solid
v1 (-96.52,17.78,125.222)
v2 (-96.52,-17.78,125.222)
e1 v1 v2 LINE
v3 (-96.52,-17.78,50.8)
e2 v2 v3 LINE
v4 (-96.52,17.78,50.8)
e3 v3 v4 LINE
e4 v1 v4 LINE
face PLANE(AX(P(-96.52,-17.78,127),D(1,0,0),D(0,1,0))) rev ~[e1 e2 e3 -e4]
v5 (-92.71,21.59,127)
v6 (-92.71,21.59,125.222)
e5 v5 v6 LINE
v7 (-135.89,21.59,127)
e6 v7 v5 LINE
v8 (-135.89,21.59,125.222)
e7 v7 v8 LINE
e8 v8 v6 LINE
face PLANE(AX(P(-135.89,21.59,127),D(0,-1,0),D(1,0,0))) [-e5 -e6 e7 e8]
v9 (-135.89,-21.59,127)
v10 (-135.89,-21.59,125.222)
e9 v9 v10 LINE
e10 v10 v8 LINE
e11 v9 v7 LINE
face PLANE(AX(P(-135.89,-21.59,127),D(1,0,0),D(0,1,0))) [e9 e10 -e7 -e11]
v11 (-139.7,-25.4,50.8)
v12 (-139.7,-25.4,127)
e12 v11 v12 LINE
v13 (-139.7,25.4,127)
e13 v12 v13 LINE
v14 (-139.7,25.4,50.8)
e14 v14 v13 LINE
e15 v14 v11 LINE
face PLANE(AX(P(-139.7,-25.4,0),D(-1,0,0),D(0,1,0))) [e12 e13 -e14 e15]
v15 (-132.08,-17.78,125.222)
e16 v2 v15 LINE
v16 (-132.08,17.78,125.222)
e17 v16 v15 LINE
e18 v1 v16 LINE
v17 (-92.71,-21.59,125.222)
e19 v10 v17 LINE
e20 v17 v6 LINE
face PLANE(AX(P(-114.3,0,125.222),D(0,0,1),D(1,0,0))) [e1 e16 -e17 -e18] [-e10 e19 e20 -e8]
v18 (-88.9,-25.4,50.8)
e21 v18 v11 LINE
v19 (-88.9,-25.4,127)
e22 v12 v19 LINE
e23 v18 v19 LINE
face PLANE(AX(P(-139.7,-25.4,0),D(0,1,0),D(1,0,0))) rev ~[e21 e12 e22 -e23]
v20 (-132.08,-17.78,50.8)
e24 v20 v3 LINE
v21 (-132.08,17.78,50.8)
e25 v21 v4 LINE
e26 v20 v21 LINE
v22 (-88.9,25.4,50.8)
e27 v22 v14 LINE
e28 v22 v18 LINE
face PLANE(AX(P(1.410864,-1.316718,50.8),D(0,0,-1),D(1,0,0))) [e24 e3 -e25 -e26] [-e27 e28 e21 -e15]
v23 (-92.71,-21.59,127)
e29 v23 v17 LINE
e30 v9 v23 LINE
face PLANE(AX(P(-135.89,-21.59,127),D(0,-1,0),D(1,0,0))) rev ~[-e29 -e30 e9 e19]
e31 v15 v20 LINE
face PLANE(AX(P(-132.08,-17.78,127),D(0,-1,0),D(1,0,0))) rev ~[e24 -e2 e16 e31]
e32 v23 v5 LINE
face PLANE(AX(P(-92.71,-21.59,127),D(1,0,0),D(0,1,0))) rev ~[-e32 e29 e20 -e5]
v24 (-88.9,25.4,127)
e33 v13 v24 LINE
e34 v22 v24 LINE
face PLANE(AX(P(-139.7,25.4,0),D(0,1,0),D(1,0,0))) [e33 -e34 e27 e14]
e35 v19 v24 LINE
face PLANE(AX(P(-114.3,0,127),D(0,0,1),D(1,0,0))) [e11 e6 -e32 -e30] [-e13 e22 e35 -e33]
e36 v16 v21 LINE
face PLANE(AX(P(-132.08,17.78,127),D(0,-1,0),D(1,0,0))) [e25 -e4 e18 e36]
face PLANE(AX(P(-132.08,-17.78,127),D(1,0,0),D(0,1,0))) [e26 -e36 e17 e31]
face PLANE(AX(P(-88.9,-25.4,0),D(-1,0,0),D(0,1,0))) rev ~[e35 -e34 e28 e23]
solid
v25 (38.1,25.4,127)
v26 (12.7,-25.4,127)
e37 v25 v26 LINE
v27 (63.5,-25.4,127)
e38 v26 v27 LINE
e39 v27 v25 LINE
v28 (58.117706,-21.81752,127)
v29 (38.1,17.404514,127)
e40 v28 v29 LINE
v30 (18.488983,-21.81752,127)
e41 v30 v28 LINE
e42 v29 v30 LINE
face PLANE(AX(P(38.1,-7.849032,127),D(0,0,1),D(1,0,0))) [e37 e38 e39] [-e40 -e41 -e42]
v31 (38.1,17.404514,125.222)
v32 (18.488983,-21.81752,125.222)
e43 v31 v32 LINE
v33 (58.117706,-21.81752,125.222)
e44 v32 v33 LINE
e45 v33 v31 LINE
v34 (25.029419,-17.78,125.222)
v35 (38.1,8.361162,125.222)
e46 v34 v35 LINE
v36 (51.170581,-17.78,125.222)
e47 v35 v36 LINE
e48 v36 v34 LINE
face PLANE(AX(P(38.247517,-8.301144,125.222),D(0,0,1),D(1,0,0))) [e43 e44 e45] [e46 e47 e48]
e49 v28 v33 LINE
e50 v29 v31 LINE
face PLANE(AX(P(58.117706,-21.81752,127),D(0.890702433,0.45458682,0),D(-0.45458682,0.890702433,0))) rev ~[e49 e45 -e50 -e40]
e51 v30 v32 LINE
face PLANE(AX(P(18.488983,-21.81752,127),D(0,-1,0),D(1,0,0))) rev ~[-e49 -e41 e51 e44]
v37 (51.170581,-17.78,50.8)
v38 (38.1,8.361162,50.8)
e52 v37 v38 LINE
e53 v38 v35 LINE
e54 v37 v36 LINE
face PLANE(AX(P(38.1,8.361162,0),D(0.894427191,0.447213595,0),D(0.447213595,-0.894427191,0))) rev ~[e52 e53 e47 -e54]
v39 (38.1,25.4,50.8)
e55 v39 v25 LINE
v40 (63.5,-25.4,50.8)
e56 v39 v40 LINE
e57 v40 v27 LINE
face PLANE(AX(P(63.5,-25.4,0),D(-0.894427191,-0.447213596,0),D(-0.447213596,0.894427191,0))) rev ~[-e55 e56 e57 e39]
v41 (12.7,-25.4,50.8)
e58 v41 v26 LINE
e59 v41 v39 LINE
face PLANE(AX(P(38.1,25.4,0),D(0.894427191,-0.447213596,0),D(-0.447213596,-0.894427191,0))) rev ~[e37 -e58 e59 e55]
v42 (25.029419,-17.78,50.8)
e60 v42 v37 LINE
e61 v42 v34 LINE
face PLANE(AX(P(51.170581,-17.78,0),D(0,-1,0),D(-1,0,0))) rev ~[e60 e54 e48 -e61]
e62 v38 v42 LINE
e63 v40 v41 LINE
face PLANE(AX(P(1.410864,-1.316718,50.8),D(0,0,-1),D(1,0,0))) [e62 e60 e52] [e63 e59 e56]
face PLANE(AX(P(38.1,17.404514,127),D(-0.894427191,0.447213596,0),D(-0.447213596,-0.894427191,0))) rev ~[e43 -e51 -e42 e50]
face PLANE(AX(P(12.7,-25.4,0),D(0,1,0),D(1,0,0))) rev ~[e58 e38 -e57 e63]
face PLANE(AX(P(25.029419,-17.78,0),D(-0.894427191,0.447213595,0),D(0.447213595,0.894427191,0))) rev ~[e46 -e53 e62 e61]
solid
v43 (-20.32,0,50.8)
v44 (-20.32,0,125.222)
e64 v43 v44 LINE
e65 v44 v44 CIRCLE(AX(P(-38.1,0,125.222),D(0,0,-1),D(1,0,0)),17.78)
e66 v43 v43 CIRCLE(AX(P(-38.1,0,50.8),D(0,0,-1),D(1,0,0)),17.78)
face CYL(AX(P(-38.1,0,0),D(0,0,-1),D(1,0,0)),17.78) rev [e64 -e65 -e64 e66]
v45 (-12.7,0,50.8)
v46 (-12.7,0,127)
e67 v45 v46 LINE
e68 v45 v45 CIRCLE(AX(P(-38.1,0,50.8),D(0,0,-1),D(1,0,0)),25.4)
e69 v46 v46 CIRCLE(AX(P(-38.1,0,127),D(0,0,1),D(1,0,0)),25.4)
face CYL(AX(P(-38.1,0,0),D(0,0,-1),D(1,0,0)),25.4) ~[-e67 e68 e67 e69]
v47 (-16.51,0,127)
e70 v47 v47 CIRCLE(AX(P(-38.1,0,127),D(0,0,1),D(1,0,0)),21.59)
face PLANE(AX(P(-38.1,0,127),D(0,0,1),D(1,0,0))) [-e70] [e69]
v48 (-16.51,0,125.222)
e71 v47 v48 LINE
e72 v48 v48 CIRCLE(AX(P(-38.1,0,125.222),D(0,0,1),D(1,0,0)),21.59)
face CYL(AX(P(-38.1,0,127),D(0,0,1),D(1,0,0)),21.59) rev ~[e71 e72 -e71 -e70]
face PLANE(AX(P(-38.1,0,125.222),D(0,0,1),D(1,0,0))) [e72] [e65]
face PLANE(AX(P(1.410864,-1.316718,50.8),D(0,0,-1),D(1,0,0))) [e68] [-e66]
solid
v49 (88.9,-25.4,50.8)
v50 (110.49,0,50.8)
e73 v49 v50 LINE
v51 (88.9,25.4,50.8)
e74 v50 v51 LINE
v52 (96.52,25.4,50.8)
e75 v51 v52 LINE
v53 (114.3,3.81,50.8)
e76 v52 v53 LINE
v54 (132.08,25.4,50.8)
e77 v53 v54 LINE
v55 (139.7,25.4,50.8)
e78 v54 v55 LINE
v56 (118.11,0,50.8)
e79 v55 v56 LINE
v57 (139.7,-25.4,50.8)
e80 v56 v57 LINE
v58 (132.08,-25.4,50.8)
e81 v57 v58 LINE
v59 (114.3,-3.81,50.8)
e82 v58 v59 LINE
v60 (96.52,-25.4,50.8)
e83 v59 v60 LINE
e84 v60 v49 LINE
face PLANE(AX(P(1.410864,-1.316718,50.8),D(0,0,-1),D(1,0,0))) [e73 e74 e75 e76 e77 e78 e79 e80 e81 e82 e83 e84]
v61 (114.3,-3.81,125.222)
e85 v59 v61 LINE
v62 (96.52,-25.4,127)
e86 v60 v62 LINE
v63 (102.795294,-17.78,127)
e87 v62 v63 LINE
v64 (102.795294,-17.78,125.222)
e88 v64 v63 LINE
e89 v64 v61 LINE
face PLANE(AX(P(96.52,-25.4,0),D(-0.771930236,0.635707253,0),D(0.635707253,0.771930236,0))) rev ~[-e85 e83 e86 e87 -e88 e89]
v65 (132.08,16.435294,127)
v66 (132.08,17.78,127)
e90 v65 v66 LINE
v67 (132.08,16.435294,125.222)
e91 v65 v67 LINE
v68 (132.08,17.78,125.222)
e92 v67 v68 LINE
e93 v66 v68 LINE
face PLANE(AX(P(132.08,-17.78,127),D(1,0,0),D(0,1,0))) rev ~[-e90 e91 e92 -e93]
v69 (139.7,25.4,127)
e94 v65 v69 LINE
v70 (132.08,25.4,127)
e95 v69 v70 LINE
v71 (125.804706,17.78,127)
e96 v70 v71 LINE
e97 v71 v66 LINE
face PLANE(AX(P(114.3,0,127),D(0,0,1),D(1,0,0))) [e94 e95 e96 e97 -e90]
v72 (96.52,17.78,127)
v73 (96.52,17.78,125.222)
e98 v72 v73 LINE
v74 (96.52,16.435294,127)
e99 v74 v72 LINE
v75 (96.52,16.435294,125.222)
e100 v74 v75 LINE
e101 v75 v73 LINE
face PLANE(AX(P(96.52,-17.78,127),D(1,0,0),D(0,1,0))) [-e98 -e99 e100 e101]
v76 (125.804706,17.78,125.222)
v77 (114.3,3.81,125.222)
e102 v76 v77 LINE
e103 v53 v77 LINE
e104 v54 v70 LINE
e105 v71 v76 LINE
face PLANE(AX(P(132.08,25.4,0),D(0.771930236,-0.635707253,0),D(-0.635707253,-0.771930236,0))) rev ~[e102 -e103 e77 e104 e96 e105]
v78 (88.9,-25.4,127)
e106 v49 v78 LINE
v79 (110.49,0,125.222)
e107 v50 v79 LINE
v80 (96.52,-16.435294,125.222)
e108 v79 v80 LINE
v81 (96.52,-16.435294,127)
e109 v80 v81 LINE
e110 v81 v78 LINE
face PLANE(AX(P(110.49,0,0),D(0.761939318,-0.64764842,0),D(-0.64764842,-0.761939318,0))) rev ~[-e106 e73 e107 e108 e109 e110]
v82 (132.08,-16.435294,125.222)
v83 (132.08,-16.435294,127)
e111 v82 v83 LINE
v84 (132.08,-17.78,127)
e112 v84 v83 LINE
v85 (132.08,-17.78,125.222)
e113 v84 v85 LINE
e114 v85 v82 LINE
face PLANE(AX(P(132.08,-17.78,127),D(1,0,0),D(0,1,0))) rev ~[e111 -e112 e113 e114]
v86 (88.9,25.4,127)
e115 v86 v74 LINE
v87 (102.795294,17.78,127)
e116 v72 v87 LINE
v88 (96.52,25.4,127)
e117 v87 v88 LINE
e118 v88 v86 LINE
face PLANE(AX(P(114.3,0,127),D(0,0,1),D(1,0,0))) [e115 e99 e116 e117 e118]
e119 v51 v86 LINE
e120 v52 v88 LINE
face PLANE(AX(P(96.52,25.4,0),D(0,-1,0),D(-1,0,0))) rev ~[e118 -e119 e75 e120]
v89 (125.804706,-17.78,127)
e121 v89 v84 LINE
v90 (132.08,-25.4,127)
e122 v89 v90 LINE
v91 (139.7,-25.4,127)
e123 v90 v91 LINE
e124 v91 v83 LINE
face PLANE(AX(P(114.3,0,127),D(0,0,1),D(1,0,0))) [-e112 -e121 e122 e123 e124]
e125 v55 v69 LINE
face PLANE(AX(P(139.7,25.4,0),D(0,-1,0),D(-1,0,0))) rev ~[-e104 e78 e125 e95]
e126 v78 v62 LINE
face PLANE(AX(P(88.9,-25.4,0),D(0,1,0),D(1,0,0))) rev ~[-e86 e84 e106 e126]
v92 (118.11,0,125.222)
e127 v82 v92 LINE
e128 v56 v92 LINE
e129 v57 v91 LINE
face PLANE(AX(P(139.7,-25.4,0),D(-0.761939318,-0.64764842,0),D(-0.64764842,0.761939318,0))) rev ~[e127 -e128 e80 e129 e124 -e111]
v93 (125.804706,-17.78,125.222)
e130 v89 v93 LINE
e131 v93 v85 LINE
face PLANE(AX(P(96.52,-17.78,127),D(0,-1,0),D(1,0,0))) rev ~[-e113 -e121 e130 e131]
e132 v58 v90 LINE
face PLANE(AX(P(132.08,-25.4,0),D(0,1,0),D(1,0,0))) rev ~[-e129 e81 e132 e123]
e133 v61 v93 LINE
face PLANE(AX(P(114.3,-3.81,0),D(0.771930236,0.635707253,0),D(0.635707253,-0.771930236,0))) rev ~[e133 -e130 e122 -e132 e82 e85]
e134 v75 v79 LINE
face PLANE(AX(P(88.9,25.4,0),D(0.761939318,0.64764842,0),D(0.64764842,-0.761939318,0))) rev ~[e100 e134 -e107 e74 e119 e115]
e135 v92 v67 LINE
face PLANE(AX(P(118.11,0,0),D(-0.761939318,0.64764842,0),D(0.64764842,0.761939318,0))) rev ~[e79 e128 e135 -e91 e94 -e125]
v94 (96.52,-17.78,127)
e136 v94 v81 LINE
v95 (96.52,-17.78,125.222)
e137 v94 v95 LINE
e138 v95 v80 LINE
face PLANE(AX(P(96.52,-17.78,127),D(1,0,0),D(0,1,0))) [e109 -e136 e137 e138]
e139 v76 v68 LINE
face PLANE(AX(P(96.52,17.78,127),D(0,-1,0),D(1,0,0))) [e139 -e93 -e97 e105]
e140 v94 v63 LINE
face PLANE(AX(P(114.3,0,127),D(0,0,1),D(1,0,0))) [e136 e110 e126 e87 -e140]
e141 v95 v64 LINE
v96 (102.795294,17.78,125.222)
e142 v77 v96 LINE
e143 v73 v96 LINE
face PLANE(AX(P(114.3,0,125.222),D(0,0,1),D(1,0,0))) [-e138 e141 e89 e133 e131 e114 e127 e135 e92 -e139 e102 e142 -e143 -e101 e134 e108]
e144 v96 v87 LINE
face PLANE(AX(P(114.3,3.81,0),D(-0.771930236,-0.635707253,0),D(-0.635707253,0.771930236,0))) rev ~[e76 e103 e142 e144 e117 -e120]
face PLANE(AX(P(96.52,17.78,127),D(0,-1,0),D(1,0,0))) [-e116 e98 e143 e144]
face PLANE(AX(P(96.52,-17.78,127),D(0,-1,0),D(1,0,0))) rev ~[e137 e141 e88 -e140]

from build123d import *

# Parameters (mm, degrees)
F0_W      = 279.4
F0_H      = 50.8
F1_DEPTH  = 25.4
F2_W      = 50.8
F2_H      = 50.8
F3_DEPTH  = 127
F4_W      = 35.56
F4_H      = 35.56
F5_DEPTH  = 127
F6_R      = 25.4
F6_R_2    = 17.78
F7_DEPTH  = 127
F9_DEPTH  = 127
F11_DEPTH = 127
F12_W     = 305.3418546915
F12_H     = 65.0082696229
F13_DEPTH = 76.2
F14_W     = 43.18
F14_H     = 43.18
F15_DEPTH = 1.778
F16_R     = 21.59
F17_DEPTH = 1.778
F19_DEPTH = 1.778
F20_W     = 35.56
F20_H     = 35.56
F21_DEPTH = 1.778


with BuildPart() as f1:
    # F0 (on Top) → F1 (new body)
    with BuildSketch(Plane.XY):
        Rectangle(F0_W, F0_H)
    extrude(amount=-F1_DEPTH)


with BuildPart() as f3:
    # F2 (on face) → F3 (new body)
    with BuildSketch(Plane.XY):
        with Locations((-114.3, 0)):
            Rectangle(F2_W, F2_H)
    extrude(amount=F3_DEPTH)

    # F4 (on face) → F5 (cut)
    with BuildSketch(Plane.XY.offset(127)):
        with Locations((-114.3, 0)):
            Rectangle(F4_W, F4_H)
    extrude(amount=-F5_DEPTH, mode=Mode.SUBTRACT)


with BuildPart() as f7:
    # F6 (on face) → F7 (new body)
    with BuildSketch(Plane.XY):
        with Locations((-38.1, 0)):
            Circle(F6_R)
        with Locations((-38.1, 0)):
            Circle(F6_R_2, mode=Mode.SUBTRACT)
    extrude(amount=F7_DEPTH)


with BuildPart() as f9:
    # F8 (on face) → F9 (new body)
    with BuildSketch(Plane.XY):
        Polygon((38.1, 25.4), (12.7, -25.4), (63.5, -25.4), align=None)
        Polygon((25.0294189943, -17.78), (38.1, 8.3611620115), (51.1705810057, -17.78), align=None, mode=Mode.SUBTRACT)
    extrude(amount=F9_DEPTH)


with BuildPart() as f11:
    # F10 (on face) → F11 (new body)
    with BuildSketch(Plane.XY):
        Polygon((110.49, 0), (88.9, -25.4), (96.52, -25.4), (114.3, -3.81), (132.08, -25.4), (139.7, -25.4), (118.11, 0), (139.7, 25.4), (132.08, 25.4), (114.3, 3.81), (96.52, 25.4), (88.9, 25.4), align=None)
    extrude(amount=F11_DEPTH)


with BuildPart() as f13_tool:
    # F12 (on face) → F13 (new body)
    with BuildSketch(Plane(origin=(0, 0, -25.4), x_dir=(1, 0, 0), z_dir=(0, 0, -1))):
        with Locations((1.4108642936, 1.3167178258)):
            Rectangle(F12_W, F12_H)
    extrude(amount=-F13_DEPTH)


with BuildPart() as f1_1:
    add(f1.part)

    # F13: cut by f13_tool
    add(f13_tool.part, mode=Mode.SUBTRACT)


with BuildPart() as f3_1:
    add(f3.part)

    # F13: cut by f13_tool
    add(f13_tool.part, mode=Mode.SUBTRACT)

    # F14 (on face) → F15 (cut)
    with BuildSketch(Plane.XY.offset(127)):
        with Locations((-114.3, 0)):
            Rectangle(F14_W, F14_H)
    extrude(amount=-F15_DEPTH, mode=Mode.SUBTRACT)


with BuildPart() as f7_1:
    add(f7.part)

    # F13: cut by f13_tool
    add(f13_tool.part, mode=Mode.SUBTRACT)

    # F16 (on face) → F17 (cut)
    with BuildSketch(Plane.XY.offset(127)):
        with Locations((-38.1, 0)):
            Circle(F16_R)
    extrude(amount=-F17_DEPTH, mode=Mode.SUBTRACT)


with BuildPart() as f9_1:
    add(f9.part)

    # F13: cut by f13_tool
    add(f13_tool.part, mode=Mode.SUBTRACT)

    # F18 (on face) → F19 (cut)
    with BuildSketch(Plane.XY.offset(127)):
        Polygon((58.1177063286, -21.8175202608), (38.1, 17.4045137824), (18.4889829784, -21.8175202608), align=None)
    extrude(amount=-F19_DEPTH, mode=Mode.SUBTRACT)


with BuildPart() as f11_1:
    add(f11.part)

    # F13: cut by f13_tool
    add(f13_tool.part, mode=Mode.SUBTRACT)

    # F20 (on face) → F21 (cut)
    with BuildSketch(Plane.XY.offset(127)):
        with Locations((114.3, 0)):
            Rectangle(F20_W, F20_H)
    extrude(amount=-F21_DEPTH, mode=Mode.SUBTRACT)


solid = Compound([f3_1.part, f7_1.part, f9_1.part, f11_1.part])
